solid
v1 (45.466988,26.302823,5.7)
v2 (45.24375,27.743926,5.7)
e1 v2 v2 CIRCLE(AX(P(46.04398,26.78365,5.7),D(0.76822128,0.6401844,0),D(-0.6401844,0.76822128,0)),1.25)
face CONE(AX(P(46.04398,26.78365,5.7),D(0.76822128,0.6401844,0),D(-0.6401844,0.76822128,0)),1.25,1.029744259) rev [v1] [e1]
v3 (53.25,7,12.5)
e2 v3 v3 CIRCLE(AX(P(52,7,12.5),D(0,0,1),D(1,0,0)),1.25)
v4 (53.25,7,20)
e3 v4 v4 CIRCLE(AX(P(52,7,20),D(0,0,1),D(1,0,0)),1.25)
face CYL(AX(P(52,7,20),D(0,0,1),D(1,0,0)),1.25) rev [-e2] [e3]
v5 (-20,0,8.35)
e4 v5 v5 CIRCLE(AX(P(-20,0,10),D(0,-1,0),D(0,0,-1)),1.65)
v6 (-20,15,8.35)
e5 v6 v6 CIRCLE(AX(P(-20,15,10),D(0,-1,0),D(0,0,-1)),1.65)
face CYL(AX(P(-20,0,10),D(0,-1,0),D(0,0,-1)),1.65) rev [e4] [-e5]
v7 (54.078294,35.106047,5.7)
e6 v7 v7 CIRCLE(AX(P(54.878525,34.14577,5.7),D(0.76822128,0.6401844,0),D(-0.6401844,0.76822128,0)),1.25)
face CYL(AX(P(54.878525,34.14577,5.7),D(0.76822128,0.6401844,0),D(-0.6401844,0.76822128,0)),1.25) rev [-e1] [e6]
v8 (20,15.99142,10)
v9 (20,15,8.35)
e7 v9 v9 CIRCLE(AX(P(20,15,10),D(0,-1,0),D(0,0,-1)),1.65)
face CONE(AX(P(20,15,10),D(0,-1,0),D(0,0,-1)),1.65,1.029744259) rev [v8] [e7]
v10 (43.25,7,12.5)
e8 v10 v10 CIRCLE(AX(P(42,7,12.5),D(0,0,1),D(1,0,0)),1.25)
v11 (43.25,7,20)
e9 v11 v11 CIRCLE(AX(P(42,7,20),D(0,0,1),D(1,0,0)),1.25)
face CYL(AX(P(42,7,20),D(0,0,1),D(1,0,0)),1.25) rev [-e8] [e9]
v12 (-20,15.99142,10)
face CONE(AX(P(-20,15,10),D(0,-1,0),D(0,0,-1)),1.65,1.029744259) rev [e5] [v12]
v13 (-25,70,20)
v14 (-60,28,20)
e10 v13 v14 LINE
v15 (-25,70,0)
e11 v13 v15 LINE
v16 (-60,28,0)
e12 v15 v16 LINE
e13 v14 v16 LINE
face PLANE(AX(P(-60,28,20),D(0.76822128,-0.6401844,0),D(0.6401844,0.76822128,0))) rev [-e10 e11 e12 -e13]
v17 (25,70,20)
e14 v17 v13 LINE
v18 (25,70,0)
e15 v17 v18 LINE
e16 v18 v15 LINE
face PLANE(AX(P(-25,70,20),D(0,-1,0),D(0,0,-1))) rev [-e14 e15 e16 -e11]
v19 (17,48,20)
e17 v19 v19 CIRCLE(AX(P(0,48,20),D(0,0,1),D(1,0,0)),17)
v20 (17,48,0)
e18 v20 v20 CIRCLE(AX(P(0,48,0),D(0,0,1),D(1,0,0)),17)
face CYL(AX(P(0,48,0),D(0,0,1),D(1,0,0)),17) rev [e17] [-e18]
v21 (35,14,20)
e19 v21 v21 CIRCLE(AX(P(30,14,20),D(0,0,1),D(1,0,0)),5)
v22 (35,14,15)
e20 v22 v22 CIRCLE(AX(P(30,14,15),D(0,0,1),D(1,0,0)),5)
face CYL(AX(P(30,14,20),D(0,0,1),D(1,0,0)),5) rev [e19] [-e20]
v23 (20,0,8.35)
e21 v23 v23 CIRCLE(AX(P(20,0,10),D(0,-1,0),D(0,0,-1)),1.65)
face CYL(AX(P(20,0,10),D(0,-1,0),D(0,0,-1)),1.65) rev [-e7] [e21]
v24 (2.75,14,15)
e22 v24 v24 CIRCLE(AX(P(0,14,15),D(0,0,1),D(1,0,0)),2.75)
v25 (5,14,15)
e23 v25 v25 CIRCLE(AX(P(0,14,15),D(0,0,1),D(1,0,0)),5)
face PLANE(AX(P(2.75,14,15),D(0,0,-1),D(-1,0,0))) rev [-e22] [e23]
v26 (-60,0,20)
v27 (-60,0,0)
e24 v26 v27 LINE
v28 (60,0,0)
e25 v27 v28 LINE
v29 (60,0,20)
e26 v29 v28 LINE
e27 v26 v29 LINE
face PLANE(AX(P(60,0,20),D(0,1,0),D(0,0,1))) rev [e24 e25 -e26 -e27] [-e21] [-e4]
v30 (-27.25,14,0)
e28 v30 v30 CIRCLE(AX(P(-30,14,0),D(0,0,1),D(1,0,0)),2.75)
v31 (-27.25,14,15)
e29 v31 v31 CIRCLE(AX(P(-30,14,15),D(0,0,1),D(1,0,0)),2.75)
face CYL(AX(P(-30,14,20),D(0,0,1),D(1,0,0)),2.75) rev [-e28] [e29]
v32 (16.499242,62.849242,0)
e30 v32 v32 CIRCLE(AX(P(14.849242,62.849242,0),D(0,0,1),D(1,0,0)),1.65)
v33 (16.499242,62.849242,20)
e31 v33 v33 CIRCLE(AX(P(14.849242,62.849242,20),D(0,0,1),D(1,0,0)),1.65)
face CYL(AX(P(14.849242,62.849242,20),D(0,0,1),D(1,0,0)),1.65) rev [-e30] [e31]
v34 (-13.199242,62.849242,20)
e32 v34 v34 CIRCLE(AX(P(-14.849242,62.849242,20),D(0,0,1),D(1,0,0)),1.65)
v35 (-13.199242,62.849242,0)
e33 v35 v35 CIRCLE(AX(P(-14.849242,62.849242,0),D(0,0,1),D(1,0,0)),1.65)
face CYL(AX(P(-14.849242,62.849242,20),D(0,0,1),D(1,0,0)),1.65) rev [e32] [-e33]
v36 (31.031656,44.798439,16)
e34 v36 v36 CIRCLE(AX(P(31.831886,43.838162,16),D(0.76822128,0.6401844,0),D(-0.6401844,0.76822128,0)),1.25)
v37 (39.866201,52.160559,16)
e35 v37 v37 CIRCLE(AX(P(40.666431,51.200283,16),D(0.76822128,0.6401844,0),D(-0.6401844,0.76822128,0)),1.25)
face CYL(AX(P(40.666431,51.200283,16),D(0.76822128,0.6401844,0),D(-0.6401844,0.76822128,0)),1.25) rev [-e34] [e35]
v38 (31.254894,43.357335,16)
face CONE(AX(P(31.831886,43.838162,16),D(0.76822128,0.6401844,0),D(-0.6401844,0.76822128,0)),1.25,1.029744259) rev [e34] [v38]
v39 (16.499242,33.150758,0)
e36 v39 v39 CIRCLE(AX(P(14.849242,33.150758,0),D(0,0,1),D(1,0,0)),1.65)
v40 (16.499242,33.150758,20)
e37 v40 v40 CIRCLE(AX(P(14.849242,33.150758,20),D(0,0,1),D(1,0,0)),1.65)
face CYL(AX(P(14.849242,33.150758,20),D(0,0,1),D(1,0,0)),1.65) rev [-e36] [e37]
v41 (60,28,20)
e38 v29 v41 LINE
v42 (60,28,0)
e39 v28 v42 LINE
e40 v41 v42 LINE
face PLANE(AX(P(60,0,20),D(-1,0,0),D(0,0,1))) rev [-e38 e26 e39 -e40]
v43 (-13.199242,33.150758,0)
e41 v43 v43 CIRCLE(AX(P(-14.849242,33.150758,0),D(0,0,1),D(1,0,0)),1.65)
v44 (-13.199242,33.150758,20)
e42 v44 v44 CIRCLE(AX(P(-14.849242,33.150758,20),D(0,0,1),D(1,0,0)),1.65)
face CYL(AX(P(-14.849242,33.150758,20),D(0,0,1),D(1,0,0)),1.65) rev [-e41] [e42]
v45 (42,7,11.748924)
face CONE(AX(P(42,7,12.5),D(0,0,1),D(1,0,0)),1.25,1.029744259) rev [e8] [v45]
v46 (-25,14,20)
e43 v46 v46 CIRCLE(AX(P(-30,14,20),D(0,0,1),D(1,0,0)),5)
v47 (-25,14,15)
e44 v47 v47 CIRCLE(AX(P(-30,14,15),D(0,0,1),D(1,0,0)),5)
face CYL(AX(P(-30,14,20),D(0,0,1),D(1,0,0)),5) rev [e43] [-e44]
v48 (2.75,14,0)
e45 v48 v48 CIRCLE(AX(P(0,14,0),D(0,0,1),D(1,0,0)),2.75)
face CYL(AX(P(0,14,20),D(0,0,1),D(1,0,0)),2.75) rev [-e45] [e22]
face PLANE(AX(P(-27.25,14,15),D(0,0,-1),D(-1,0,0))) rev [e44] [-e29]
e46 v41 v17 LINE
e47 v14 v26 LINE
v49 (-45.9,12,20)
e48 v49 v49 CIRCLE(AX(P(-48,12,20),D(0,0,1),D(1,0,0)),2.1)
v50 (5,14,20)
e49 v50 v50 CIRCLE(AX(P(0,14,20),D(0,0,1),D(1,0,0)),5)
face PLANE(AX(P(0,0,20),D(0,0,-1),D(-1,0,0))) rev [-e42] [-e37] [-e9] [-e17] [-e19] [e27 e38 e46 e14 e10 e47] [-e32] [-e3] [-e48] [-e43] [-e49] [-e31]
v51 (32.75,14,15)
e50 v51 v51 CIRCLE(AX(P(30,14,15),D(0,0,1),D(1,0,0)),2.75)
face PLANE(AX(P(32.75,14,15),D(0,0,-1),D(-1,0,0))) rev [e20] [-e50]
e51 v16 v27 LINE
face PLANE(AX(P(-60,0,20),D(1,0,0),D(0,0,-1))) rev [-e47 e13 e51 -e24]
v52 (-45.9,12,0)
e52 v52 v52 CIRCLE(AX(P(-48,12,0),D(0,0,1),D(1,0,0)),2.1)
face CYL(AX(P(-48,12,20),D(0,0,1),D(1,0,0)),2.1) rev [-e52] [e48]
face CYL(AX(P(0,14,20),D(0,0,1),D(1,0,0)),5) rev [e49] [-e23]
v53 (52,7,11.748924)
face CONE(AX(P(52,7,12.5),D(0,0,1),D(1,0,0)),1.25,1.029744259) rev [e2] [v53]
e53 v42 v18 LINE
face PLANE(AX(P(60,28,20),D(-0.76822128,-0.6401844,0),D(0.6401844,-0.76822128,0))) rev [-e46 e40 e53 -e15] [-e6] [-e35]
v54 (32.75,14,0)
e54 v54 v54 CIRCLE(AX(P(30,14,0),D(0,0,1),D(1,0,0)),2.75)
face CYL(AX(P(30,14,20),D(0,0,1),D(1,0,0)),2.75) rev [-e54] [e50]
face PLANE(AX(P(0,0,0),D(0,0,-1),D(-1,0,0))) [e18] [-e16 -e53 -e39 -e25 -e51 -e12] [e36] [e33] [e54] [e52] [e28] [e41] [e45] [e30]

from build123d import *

# Parameters (mm, degrees)
BOSS_EXTRUDE1_DEPTH            = 20
CBORE_FOR_M5_SHCS1_D           = 5.5
CBORE_FOR_M5_SHCS1_CBORE_D     = 10
CBORE_FOR_M5_SHCS1_CBORE_DEPTH = 5
SKETCH4_R                      = 17
CUT_EXTRUDE1_DEPTH             = 95.339811321
M4_TAPPED_HOLE1_D              = 3.3
M4_TAPPED_HOLE2_D              = 3.3
M4_TAPPED_HOLE2_DEPTH          = 15
M4_TAPPED_HOLE2_TIP            = 0.991420021
M3_TAPPED_HOLE1_D              = 2.5
M3_TAPPED_HOLE1_DEPTH          = 7.5
M3_TAPPED_HOLE1_TIP            = 0.751075774
M3_TAPPED_HOLE2_D              = 2.5
M3_TAPPED_HOLE2_DEPTH          = 11.5
M3_TAPPED_HOLE2_TIP            = 0.751075774
M5_TAPPED_HOLE1_D              = 4.2


with BuildPart() as part:
    # Sketch1 → Boss-Extrude1 (new body)
    with BuildSketch(Plane.XY):
        Polygon((60, 0), (-60, 0), (-60, 28), (-25, 70), (25, 70), (60, 28), align=None)
    extrude(amount=BOSS_EXTRUDE1_DEPTH)

    # CBORE for M5 SHCS1 (through all)
    with Locations(Plane(origin=(-30, 14, 20), x_dir=(1, 0, 0), z_dir=(0, 0, 1))):
        with Locations((0, 0), (30, 0), (60, 0)):
            CounterBoreHole(CBORE_FOR_M5_SHCS1_D / 2, CBORE_FOR_M5_SHCS1_CBORE_D / 2, CBORE_FOR_M5_SHCS1_CBORE_DEPTH)

    # Sketch4 → Cut-Extrude1 (cut, through all)
    with BuildSketch(Plane.XY.offset(20)):
        with Locations((0, 48)):
            Circle(SKETCH4_R)
    extrude(amount=-CUT_EXTRUDE1_DEPTH, mode=Mode.SUBTRACT)

    # M4 Tapped Hole1 (through all)
    with Locations(Plane(origin=(-14.849242405, 62.849242405, 20), x_dir=(1, 0, 0), z_dir=(0, 0, 1))):
        with Locations((0, 0), (29.69848481, 0), (29.69848481, -29.69848481), (0, -29.69848481)):
            Hole(M4_TAPPED_HOLE1_D / 2)

    # M4 Tapped Hole2
    with Locations(Plane(origin=(0, 0, 0), x_dir=(-1, 0, 0), z_dir=(0, -1, 0))):
        with Locations((20, -10), (-20, -10)):
            Hole(M4_TAPPED_HOLE2_D / 2, depth=M4_TAPPED_HOLE2_DEPTH)
            with Locations((0, 0, -(M4_TAPPED_HOLE2_DEPTH + M4_TAPPED_HOLE2_TIP / 2))):  # 118° drill point
                Cone(0, M4_TAPPED_HOLE2_D / 2, M4_TAPPED_HOLE2_TIP, mode=Mode.SUBTRACT)

    # M3 Tapped Hole1
    with Locations(Plane(origin=(42, 7, 20), x_dir=(1, 0, 0), z_dir=(0, 0, 1))):
        with Locations((0, 0), (10, 0)):
            Hole(M3_TAPPED_HOLE1_D / 2, depth=M3_TAPPED_HOLE1_DEPTH)
            with Locations((0, 0, -(M3_TAPPED_HOLE1_DEPTH + M3_TAPPED_HOLE1_TIP / 2))):  # 118° drill point
                Cone(0, M3_TAPPED_HOLE1_D / 2, M3_TAPPED_HOLE1_TIP, mode=Mode.SUBTRACT)

    # M3 Tapped Hole2
    with Locations(Plane(origin=(49.180327869, 40.983606557, 0), x_dir=(0, 0, -1), z_dir=(0.7682212795973757, 0.6401843996644799, 0))):
        with Locations((-16, 13.299131849), (-5.7, -8.900868151)):
            Hole(M3_TAPPED_HOLE2_D / 2, depth=M3_TAPPED_HOLE2_DEPTH)
            with Locations((0, 0, -(M3_TAPPED_HOLE2_DEPTH + M3_TAPPED_HOLE2_TIP / 2))):  # 118° drill point
                Cone(0, M3_TAPPED_HOLE2_D / 2, M3_TAPPED_HOLE2_TIP, mode=Mode.SUBTRACT)

    # M5 Tapped Hole1 (through all)
    with Locations(Plane.XY.offset(20)):
        with Locations((-48, 12)):
            Hole(M5_TAPPED_HOLE1_D / 2)


solid = part.part
